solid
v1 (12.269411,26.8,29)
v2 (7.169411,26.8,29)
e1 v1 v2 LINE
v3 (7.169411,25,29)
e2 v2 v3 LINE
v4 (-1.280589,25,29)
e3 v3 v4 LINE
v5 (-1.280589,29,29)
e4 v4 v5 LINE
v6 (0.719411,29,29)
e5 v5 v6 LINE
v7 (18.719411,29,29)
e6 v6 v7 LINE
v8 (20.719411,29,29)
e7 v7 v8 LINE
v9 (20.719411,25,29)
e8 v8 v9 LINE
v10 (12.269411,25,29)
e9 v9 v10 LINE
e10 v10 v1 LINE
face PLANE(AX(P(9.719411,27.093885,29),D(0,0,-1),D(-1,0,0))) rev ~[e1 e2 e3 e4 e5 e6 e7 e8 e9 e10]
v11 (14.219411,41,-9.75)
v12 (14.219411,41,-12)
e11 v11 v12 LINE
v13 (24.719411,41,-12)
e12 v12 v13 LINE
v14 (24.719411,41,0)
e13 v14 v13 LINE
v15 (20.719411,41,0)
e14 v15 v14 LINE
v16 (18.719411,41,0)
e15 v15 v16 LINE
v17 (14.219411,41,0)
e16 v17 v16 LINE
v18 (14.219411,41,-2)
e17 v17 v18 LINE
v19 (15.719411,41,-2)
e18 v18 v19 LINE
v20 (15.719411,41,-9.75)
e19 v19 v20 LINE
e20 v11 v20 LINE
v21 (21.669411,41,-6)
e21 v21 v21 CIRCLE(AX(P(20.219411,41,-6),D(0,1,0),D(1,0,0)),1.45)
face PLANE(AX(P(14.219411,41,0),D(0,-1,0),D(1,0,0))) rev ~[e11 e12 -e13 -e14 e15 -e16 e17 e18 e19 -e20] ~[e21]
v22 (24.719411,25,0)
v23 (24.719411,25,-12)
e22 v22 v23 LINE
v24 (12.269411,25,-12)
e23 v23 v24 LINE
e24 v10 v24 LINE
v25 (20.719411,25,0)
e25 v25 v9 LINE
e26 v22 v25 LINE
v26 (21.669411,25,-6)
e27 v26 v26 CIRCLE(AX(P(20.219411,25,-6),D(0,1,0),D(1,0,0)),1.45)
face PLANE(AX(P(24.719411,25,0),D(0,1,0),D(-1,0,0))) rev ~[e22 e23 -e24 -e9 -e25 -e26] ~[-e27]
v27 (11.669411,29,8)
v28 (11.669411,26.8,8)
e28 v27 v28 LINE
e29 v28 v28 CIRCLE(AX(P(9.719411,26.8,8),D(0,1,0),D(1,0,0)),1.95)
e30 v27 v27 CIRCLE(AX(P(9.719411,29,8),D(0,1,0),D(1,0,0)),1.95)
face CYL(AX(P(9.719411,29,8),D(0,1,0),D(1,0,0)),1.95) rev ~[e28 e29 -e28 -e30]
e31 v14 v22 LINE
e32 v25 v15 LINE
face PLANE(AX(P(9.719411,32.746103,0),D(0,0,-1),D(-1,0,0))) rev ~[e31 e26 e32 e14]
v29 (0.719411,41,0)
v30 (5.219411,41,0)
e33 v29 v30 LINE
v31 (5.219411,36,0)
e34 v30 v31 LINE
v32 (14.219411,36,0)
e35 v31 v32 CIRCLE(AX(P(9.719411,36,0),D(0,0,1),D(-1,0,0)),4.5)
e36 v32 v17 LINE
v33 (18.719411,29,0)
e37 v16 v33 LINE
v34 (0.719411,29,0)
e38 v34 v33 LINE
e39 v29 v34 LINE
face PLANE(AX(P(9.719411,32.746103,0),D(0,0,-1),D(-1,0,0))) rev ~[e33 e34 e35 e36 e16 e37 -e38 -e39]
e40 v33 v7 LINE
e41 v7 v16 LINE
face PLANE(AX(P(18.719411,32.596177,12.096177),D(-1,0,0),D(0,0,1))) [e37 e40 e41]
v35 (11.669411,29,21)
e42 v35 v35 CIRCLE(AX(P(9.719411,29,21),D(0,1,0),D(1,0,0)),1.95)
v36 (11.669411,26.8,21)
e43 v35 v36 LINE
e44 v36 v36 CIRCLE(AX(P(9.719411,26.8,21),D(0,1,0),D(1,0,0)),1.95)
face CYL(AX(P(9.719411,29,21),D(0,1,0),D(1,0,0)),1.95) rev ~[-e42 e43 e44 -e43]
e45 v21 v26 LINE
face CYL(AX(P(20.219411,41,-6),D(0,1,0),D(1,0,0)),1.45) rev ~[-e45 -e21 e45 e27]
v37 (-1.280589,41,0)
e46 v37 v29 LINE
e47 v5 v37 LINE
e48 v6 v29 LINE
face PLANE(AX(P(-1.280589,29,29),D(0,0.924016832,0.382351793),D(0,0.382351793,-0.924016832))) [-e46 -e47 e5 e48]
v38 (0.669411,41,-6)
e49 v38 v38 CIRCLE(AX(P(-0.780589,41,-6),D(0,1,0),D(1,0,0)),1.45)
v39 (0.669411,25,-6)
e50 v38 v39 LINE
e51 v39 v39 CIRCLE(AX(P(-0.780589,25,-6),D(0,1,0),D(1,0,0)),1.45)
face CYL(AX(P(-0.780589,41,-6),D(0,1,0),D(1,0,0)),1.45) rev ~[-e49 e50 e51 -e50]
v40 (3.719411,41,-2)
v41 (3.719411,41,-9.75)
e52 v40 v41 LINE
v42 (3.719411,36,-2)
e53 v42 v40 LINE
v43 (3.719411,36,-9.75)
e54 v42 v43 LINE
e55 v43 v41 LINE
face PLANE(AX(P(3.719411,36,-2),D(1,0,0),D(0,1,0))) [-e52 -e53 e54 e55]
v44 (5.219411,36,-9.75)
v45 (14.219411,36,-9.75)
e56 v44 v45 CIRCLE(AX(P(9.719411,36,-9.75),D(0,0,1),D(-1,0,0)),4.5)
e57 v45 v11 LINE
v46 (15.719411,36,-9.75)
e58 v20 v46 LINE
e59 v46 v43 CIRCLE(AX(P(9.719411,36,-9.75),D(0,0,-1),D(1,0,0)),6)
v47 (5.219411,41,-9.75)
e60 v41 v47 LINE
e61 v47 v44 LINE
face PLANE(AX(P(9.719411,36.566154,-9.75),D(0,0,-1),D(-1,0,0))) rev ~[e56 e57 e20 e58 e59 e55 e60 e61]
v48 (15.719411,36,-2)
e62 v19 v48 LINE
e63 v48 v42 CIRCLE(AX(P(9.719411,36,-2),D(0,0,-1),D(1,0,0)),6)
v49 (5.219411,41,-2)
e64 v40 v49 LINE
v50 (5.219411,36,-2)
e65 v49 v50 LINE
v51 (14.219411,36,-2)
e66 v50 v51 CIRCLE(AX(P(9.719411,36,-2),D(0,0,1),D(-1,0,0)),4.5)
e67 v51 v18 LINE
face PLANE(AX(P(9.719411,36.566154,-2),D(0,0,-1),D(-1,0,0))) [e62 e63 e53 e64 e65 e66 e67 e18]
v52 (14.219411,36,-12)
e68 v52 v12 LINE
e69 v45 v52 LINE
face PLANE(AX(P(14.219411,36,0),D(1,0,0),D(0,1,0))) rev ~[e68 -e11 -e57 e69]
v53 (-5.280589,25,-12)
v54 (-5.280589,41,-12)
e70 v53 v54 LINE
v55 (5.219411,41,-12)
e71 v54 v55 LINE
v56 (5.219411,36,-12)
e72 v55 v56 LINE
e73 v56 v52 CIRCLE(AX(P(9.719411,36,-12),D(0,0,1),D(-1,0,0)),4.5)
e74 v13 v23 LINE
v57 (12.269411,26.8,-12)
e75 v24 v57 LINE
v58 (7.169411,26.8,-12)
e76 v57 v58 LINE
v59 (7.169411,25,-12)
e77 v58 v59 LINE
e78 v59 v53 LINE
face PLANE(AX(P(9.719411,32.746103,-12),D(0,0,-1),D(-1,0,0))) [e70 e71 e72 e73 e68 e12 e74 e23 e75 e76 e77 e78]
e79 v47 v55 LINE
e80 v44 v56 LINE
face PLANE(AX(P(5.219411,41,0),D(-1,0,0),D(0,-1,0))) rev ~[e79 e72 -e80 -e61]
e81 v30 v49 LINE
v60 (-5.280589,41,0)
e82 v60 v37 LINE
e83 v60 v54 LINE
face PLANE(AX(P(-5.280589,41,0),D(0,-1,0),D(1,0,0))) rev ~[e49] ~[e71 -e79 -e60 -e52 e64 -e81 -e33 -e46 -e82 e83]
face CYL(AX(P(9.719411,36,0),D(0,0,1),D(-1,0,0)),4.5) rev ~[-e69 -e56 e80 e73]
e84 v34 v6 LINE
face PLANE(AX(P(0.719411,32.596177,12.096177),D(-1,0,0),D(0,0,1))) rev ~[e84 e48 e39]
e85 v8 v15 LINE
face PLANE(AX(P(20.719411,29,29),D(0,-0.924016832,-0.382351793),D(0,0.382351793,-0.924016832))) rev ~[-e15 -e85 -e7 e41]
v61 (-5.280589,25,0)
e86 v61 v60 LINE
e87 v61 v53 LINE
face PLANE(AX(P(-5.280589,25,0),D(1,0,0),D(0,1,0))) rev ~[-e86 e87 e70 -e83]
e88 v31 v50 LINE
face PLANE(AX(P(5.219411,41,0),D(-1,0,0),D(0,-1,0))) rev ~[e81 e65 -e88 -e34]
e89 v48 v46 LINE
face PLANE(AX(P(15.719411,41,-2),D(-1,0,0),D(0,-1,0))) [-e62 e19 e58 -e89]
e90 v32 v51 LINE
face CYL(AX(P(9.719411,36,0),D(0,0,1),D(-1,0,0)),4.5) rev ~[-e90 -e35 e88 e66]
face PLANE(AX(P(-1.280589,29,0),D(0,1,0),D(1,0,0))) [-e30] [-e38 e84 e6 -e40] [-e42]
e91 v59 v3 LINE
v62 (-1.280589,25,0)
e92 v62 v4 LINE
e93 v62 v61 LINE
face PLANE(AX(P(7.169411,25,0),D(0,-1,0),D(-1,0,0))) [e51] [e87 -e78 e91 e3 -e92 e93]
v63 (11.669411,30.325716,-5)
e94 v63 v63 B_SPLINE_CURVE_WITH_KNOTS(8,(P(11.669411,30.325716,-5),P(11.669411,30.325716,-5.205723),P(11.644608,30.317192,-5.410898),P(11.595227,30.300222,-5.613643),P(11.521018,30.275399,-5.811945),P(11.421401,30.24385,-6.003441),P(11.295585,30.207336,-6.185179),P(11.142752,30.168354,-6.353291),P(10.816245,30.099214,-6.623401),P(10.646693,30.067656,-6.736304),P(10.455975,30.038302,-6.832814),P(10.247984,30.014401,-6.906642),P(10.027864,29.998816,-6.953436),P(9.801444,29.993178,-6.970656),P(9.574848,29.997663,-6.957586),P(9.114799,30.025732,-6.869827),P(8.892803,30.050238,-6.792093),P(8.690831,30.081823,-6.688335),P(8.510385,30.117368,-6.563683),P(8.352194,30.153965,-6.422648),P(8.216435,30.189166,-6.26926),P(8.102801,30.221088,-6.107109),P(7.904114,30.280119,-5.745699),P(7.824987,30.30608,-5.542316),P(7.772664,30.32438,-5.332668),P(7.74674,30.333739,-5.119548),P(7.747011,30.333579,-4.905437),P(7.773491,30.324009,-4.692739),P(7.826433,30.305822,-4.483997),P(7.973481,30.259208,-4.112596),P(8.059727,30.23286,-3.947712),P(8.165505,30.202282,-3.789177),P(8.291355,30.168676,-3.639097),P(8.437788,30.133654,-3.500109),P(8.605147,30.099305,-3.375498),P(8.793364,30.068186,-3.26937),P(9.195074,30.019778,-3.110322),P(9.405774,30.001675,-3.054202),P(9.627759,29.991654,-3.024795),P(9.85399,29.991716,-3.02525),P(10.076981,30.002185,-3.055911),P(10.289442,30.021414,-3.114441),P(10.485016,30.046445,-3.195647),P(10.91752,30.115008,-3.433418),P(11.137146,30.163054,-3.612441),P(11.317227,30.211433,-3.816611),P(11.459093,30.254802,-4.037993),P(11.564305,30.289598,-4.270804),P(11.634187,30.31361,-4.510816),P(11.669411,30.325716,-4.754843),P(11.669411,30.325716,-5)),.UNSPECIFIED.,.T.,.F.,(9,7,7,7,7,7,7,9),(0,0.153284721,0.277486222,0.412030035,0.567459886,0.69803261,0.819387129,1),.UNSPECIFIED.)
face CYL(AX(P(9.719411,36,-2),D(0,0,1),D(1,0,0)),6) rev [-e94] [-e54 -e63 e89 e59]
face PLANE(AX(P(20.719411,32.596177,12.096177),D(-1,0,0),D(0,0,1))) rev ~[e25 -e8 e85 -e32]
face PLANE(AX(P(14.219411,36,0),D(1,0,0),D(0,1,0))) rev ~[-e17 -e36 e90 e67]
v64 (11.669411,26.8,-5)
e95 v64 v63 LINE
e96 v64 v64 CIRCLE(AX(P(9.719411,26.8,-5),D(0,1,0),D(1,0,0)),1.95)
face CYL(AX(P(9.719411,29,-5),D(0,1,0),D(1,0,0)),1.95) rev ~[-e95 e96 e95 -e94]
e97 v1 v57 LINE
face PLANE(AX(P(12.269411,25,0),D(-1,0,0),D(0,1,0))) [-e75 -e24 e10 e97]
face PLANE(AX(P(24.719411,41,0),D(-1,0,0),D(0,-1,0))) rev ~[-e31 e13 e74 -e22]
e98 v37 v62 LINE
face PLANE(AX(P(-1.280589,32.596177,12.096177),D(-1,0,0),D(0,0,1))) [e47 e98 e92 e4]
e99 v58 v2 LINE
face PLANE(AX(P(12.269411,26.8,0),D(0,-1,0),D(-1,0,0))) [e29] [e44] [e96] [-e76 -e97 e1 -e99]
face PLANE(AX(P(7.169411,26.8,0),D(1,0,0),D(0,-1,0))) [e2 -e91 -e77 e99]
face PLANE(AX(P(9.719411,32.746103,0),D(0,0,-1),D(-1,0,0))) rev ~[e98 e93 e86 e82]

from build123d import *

# Parameters (mm, degrees)
BOSS_EXTRUDE1_DEPTH = 12
CUT_EXTRUDE1_START  = -2
CUT_EXTRUDE1_DEPTH  = 7.75
SKETCH3_R           = 1.45
CUT_EXTRUDE2_DEPTH  = 18
BOSS_EXTRUDE2_DEPTH = 29
SKETCH5_R           = 1.95
CUT_EXTRUDE3_DEPTH  = 14.5
BOSS_EXTRUDE3_DEPTH = 2
BOSS_EXTRUDE4_START = -22
BOSS_EXTRUDE4_DEPTH = 2


with BuildPart() as part:
    # Sketch1 → Boss-Extrude1 (new body)
    with BuildSketch(Plane.XY):
        with BuildLine():
            Line((-5.280588843, 25), (-5.280588843, 41))
            Line((-5.280588843, 41), (5.219411157, 41))
            Line((5.219411157, 41), (5.219411157, 36))
            ThreePointArc((5.219411157, 36), (9.719411157, 31.5), (14.219411157, 36))
            Line((14.219411157, 36), (14.219411157, 41))
            Line((14.219411157, 41), (24.719411157, 41))
            Line((24.719411157, 41), (24.719411157, 25))
            Line((24.719411157, 25), (12.269411157, 25))
            Line((12.269411157, 25), (12.269411157, 26.8))
            Line((12.269411157, 26.8), (7.169411157, 26.8))
            Line((7.169411157, 26.8), (7.169411157, 25))
            Line((7.169411157, 25), (-5.280588843, 25))
        make_face()
    extrude(amount=-BOSS_EXTRUDE1_DEPTH)

    # Sketch2 → Cut-Extrude1 (cut)
    with BuildSketch(Plane.XY.offset(CUT_EXTRUDE1_START)):
        with BuildLine():
            Line((3.719411157, 36), (3.719411157, 41))
            Line((3.719411157, 41), (15.719411157, 41))
            Line((15.719411157, 41), (15.719411157, 36))
            ThreePointArc((15.719411157, 36), (9.719411157, 30), (3.719411157, 36))
        make_face()
    extrude(amount=-CUT_EXTRUDE1_DEPTH, mode=Mode.SUBTRACT)

    # Sketch3 → Cut-Extrude2 (cut)
    with BuildSketch(Plane(origin=(0, 41, 0), x_dir=(1, 0, 0), z_dir=(0, 1, 0))):
        with Locations((20.219411157, 6)):
            Circle(SKETCH3_R)
        with Locations((-0.780588843, 6)):
            Circle(SKETCH3_R)
    extrude(amount=-CUT_EXTRUDE2_DEPTH, mode=Mode.SUBTRACT)

    # Sketch4 → Boss-Extrude2 (add)
    with BuildSketch(Plane.XY):
        Polygon((-1.280588843, 25), (-1.280588843, 29), (20.719411157, 29), (20.719411157, 25), (12.269411157, 25), (12.269411157, 26.8), (7.169411157, 26.8), (7.169411157, 25), align=None)
    extrude(amount=BOSS_EXTRUDE2_DEPTH)

    # Sketch5 → Cut-Extrude3 (cut, symmetric)
    with BuildSketch(Plane(origin=(0, 29, 0), x_dir=(1, 0, 0), z_dir=(0, 1, 0))):
        with Locations((9.719411157, -21)):
            Circle(SKETCH5_R)
        with Locations((9.719411157, -8)):
            Circle(SKETCH5_R)
        with Locations((9.719411157, 5)):
            Circle(SKETCH5_R)
    extrude(amount=CUT_EXTRUDE3_DEPTH, both=True, mode=Mode.SUBTRACT)

    # Sketch6 → Boss-Extrude3 (add)
    with BuildSketch(Plane.ZY.offset(1.280588843)):
        Polygon((29, 29), (0, 41), (0, 29), align=None)
    extrude(amount=-BOSS_EXTRUDE3_DEPTH)

    # Sketch6<2> → Boss-Extrude4 (add)
    with BuildSketch(Plane.ZY.offset(1.280588843).offset(BOSS_EXTRUDE4_START)):
        Polygon((29, 29), (0, 41), (0, 29), align=None)
    extrude(amount=BOSS_EXTRUDE4_DEPTH)


solid = part.part
